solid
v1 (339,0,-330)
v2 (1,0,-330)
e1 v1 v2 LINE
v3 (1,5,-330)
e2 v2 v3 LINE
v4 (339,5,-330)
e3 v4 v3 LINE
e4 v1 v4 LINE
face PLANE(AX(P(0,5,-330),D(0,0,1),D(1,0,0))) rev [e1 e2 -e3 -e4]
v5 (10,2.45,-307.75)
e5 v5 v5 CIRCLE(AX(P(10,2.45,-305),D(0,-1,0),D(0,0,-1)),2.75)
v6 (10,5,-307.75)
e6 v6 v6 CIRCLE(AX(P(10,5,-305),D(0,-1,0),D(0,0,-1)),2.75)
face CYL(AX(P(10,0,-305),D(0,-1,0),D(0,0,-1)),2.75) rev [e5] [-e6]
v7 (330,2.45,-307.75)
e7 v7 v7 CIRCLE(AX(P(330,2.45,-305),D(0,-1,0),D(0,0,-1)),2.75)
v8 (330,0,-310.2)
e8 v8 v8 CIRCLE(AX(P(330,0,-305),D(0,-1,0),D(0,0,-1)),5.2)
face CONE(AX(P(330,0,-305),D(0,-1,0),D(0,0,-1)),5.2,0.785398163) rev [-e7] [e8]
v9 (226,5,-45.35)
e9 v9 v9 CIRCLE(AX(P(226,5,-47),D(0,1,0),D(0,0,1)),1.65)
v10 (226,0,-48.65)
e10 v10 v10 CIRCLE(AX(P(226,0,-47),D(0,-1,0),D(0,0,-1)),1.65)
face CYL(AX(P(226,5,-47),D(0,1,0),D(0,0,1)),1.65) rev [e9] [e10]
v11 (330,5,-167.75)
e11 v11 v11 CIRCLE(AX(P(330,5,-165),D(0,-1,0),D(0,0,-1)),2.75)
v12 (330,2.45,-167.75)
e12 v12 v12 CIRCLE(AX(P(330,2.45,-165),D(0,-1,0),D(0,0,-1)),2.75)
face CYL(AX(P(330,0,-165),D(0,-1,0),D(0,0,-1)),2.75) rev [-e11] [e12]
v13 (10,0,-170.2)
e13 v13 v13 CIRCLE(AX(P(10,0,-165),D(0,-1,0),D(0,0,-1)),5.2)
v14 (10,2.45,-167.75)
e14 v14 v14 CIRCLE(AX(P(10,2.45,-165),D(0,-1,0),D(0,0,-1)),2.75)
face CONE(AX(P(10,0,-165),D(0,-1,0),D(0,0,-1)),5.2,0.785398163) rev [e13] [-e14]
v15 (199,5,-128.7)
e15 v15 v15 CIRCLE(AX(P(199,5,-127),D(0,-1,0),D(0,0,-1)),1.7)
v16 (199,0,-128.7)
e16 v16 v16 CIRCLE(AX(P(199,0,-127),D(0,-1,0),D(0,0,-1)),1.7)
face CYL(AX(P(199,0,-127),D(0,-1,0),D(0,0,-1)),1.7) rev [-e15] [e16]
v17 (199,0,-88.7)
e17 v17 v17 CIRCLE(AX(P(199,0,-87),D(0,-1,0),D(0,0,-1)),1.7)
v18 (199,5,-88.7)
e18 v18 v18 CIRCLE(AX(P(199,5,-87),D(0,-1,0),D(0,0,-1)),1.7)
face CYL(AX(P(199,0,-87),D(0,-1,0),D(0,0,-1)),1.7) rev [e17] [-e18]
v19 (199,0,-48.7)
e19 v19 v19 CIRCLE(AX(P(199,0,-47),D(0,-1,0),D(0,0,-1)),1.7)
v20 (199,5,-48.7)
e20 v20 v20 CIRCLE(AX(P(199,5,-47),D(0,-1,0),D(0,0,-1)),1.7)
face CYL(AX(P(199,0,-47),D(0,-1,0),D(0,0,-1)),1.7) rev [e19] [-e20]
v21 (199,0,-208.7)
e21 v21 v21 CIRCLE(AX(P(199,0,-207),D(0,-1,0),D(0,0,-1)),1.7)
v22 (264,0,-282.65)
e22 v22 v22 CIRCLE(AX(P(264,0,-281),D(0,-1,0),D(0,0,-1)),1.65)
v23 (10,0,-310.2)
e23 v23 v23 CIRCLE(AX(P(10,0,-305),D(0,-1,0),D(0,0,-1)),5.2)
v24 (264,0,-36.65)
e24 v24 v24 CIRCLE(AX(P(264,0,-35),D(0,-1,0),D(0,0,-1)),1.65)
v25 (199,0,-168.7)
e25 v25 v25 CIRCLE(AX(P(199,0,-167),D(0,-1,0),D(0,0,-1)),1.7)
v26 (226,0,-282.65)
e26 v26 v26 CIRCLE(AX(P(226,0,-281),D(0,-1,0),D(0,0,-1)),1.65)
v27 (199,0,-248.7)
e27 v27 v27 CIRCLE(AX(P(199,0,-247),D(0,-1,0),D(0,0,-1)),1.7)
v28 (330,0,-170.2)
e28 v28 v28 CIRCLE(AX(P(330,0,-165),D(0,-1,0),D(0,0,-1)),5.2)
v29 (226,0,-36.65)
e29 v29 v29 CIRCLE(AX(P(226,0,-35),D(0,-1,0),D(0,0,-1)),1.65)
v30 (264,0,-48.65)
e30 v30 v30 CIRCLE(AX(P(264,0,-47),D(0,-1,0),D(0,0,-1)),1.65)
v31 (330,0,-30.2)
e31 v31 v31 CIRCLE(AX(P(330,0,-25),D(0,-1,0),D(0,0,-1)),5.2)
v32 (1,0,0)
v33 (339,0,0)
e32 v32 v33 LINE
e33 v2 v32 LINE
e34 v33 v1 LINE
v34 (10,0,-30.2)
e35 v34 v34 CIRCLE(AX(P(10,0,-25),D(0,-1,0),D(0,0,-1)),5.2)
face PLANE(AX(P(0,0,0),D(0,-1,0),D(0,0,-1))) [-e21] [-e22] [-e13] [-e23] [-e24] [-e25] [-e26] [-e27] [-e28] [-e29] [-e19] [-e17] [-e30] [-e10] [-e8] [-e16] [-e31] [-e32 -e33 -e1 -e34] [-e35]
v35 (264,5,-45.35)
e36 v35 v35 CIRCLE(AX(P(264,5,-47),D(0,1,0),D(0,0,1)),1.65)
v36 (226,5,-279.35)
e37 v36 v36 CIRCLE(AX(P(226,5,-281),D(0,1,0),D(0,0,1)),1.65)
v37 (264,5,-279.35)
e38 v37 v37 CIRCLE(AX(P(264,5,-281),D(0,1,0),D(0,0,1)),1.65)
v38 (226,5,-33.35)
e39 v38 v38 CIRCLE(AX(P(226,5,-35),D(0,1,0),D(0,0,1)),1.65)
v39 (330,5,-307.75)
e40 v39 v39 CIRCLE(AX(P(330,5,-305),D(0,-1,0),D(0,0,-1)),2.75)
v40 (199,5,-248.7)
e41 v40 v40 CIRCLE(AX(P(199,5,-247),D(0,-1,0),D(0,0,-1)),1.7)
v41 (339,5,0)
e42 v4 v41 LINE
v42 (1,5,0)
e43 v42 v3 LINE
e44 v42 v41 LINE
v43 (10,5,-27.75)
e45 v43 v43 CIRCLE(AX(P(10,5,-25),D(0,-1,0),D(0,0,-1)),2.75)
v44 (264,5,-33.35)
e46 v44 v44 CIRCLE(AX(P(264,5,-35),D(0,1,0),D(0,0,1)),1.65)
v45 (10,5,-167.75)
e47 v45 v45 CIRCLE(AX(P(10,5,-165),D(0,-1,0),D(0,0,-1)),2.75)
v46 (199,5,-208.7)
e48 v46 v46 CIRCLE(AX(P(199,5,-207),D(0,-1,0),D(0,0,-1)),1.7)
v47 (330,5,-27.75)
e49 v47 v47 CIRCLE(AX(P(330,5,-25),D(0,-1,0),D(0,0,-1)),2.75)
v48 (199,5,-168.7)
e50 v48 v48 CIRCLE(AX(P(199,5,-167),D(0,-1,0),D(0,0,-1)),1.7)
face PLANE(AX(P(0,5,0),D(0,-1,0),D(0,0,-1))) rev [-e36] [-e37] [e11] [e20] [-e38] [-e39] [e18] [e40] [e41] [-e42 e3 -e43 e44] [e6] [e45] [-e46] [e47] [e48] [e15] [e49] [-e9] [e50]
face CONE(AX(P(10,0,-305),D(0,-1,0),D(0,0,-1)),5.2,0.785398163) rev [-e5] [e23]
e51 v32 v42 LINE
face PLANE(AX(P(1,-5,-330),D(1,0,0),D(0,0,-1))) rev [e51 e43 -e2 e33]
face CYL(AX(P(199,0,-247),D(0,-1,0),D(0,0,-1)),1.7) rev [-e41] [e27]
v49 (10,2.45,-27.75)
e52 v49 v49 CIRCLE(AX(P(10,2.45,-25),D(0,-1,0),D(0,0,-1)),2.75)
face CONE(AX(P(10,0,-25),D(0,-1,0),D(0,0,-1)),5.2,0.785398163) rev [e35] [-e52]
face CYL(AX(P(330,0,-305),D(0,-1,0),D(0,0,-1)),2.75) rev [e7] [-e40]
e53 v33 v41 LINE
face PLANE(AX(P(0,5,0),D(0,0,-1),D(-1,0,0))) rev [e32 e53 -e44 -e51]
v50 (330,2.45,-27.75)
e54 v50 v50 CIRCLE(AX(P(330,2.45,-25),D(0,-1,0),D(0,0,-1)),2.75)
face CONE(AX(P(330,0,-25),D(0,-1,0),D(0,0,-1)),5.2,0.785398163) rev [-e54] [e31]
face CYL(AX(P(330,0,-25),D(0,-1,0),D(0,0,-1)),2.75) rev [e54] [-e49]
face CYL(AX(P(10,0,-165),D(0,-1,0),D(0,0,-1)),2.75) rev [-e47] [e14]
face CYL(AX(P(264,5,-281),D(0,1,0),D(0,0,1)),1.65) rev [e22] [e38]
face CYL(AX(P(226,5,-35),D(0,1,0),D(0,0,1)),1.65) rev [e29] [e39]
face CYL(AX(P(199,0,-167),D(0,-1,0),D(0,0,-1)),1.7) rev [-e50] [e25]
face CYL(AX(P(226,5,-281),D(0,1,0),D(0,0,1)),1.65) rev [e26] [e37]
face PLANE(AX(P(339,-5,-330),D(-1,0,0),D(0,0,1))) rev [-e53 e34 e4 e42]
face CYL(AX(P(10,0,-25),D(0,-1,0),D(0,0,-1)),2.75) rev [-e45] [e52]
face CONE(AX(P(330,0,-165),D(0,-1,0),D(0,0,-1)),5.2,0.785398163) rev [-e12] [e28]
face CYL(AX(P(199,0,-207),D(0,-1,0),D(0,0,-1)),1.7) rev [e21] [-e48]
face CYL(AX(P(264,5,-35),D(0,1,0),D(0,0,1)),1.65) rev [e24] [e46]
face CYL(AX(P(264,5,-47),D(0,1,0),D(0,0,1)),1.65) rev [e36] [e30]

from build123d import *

# Parameters (mm, degrees)
SKETCH_1_W                  = 340
SKETCH_1_H                  = 330
EXTRUDE_1_DEPTH             = 5
M4X0_7_2_D                  = 3.3
M4X0_7_2_DEPTH              = 11.5
M4X0_7_2_TIP                = 0.991420021
SKETCH_4_W                  = 1
SKETCH_4_H                  = 330
CUT_EXTRUDE_1_DEPTH         = 10
HOLE_WIZARD_M3_1_D          = 3.4
HOLE_WIZARD_M3_1_DEPTH      = 20
HOLE_WIZARD_M3_1_TIP        = 1.021463052
HOLE_WIZARD_M5_1_AT_2_COUNT = 2
HOLE_WIZARD_M5_1_AT_2_PITCH = 140
HOLE_WIZARD_M5_1_AT_3_COUNT = 2
HOLE_WIZARD_M5_1_AT_3_PITCH = 280
HOLE_WIZARD_M5_1_AT_4_COUNT = 2
HOLE_WIZARD_M5_1_AT_4_PITCH = 425.205832509
HOLE_WIZARD_M5_1_AT_5_COUNT = 2
HOLE_WIZARD_M5_1_AT_5_PITCH = 349.284983931
HOLE_WIZARD_M5_1_AT_6_COUNT = 2
HOLE_WIZARD_M5_1_AT_6_PITCH = 320


with BuildPart() as part:
    # 스케치1 → 보스-돌출1 (new body)
    with BuildSketch(Plane(origin=(0, 0, 0), x_dir=(1, 0, 0), z_dir=(0, 1, 0))):
        with Locations((170, 165)):
            Rectangle(SKETCH_1_W, SKETCH_1_H)
    extrude(amount=EXTRUDE_1_DEPTH)

    # M4x0.7 나사 구멍2
    with Locations(Plane(origin=(0, 5, 0), x_dir=(1, 0, 0), z_dir=(0, 1, 0))):
        with Locations((226, 281), (264, 281), (264, 35), (226, 35), (264, 47), (226, 47)):
            Hole(M4X0_7_2_D / 2, depth=M4X0_7_2_DEPTH)
            with Locations((0, 0, -(M4X0_7_2_DEPTH + M4X0_7_2_TIP / 2))):  # 118° drill point
                Cone(0, M4X0_7_2_D / 2, M4X0_7_2_TIP, mode=Mode.SUBTRACT)

    # 스케치4 → 컷-돌출1 (cut)
    with BuildSketch(Plane(origin=(0, 5, 0), x_dir=(1, 0, 0), z_dir=(0, 1, 0))):
        with Locations((339.5, 165)):
            Rectangle(SKETCH_4_W, SKETCH_4_H)
        with Locations((0.5, 165)):
            Rectangle(SKETCH_4_W, SKETCH_4_H)
    extrude(amount=-CUT_EXTRUDE_1_DEPTH, mode=Mode.SUBTRACT)

    # M3 여유 구멍1
    with Locations(Plane(origin=(0, 0, 0), x_dir=(-1, 0, 0), z_dir=(0, -1, 0))):
        with Locations((-199, 47), (-199, 87), (-199, 127), (-199, 167), (-199, 207), (-199, 247)):
            Hole(HOLE_WIZARD_M3_1_D / 2, depth=HOLE_WIZARD_M3_1_DEPTH)
            with Locations((0, 0, -(HOLE_WIZARD_M3_1_DEPTH + HOLE_WIZARD_M3_1_TIP / 2))):  # 118° drill point
                Cone(0, HOLE_WIZARD_M3_1_D / 2, HOLE_WIZARD_M3_1_TIP, mode=Mode.SUBTRACT)

    # 스케치7 → M5 납작 머리 작은 나사용 카운터싱크1 (revolve, cut)
    with BuildSketch(Plane(origin=(10, 0, -25), x_dir=(0, 0, -1), z_dir=(1, 0, 0))):
        Polygon((0, 0), (0, 5), (2.75, 5), (2.75, 2.45), (5.2, 0), align=None)
    hole_wizard_m5_1 = revolve(axis=Axis((10, -6.35, -25), (0, 1, 0)), mode=Mode.SUBTRACT)

    # M5 납작 머리 작은 나사용 카운터싱크1 at 2: M5 납작 머리 작은 나사용 카운터싱크1 ×2
    with Locations(*[(0, 0, -i * HOLE_WIZARD_M5_1_AT_2_PITCH) for i in range(1, HOLE_WIZARD_M5_1_AT_2_COUNT)]):
        add(hole_wizard_m5_1, mode=Mode.SUBTRACT)

    # M5 납작 머리 작은 나사용 카운터싱크1 at 3: M5 납작 머리 작은 나사용 카운터싱크1 ×2
    with Locations(*[(0, 0, -i * HOLE_WIZARD_M5_1_AT_3_PITCH) for i in range(1, HOLE_WIZARD_M5_1_AT_3_COUNT)]):
        add(hole_wizard_m5_1, mode=Mode.SUBTRACT)

    # M5 납작 머리 작은 나사용 카운터싱크1 at 4: M5 납작 머리 작은 나사용 카운터싱크1 ×2
    with Locations(*[Vector(0.7525766947068778, 0, -0.658504607868518) * (i * HOLE_WIZARD_M5_1_AT_4_PITCH) for i in range(1, HOLE_WIZARD_M5_1_AT_4_COUNT)]):
        add(hole_wizard_m5_1, mode=Mode.SUBTRACT)

    # M5 납작 머리 작은 나사용 카운터싱크1 at 5: M5 납작 머리 작은 나사용 카운터싱크1 ×2
    with Locations(*[Vector(0.9161573349021892, 0, -0.4008188340197077) * (i * HOLE_WIZARD_M5_1_AT_5_PITCH) for i in range(1, HOLE_WIZARD_M5_1_AT_5_COUNT)]):
        add(hole_wizard_m5_1, mode=Mode.SUBTRACT)

    # M5 납작 머리 작은 나사용 카운터싱크1 at 6: M5 납작 머리 작은 나사용 카운터싱크1 ×2
    with Locations(*[(i * HOLE_WIZARD_M5_1_AT_6_PITCH, 0, 0) for i in range(1, HOLE_WIZARD_M5_1_AT_6_COUNT)]):
        add(hole_wizard_m5_1, mode=Mode.SUBTRACT)


solid = part.part
